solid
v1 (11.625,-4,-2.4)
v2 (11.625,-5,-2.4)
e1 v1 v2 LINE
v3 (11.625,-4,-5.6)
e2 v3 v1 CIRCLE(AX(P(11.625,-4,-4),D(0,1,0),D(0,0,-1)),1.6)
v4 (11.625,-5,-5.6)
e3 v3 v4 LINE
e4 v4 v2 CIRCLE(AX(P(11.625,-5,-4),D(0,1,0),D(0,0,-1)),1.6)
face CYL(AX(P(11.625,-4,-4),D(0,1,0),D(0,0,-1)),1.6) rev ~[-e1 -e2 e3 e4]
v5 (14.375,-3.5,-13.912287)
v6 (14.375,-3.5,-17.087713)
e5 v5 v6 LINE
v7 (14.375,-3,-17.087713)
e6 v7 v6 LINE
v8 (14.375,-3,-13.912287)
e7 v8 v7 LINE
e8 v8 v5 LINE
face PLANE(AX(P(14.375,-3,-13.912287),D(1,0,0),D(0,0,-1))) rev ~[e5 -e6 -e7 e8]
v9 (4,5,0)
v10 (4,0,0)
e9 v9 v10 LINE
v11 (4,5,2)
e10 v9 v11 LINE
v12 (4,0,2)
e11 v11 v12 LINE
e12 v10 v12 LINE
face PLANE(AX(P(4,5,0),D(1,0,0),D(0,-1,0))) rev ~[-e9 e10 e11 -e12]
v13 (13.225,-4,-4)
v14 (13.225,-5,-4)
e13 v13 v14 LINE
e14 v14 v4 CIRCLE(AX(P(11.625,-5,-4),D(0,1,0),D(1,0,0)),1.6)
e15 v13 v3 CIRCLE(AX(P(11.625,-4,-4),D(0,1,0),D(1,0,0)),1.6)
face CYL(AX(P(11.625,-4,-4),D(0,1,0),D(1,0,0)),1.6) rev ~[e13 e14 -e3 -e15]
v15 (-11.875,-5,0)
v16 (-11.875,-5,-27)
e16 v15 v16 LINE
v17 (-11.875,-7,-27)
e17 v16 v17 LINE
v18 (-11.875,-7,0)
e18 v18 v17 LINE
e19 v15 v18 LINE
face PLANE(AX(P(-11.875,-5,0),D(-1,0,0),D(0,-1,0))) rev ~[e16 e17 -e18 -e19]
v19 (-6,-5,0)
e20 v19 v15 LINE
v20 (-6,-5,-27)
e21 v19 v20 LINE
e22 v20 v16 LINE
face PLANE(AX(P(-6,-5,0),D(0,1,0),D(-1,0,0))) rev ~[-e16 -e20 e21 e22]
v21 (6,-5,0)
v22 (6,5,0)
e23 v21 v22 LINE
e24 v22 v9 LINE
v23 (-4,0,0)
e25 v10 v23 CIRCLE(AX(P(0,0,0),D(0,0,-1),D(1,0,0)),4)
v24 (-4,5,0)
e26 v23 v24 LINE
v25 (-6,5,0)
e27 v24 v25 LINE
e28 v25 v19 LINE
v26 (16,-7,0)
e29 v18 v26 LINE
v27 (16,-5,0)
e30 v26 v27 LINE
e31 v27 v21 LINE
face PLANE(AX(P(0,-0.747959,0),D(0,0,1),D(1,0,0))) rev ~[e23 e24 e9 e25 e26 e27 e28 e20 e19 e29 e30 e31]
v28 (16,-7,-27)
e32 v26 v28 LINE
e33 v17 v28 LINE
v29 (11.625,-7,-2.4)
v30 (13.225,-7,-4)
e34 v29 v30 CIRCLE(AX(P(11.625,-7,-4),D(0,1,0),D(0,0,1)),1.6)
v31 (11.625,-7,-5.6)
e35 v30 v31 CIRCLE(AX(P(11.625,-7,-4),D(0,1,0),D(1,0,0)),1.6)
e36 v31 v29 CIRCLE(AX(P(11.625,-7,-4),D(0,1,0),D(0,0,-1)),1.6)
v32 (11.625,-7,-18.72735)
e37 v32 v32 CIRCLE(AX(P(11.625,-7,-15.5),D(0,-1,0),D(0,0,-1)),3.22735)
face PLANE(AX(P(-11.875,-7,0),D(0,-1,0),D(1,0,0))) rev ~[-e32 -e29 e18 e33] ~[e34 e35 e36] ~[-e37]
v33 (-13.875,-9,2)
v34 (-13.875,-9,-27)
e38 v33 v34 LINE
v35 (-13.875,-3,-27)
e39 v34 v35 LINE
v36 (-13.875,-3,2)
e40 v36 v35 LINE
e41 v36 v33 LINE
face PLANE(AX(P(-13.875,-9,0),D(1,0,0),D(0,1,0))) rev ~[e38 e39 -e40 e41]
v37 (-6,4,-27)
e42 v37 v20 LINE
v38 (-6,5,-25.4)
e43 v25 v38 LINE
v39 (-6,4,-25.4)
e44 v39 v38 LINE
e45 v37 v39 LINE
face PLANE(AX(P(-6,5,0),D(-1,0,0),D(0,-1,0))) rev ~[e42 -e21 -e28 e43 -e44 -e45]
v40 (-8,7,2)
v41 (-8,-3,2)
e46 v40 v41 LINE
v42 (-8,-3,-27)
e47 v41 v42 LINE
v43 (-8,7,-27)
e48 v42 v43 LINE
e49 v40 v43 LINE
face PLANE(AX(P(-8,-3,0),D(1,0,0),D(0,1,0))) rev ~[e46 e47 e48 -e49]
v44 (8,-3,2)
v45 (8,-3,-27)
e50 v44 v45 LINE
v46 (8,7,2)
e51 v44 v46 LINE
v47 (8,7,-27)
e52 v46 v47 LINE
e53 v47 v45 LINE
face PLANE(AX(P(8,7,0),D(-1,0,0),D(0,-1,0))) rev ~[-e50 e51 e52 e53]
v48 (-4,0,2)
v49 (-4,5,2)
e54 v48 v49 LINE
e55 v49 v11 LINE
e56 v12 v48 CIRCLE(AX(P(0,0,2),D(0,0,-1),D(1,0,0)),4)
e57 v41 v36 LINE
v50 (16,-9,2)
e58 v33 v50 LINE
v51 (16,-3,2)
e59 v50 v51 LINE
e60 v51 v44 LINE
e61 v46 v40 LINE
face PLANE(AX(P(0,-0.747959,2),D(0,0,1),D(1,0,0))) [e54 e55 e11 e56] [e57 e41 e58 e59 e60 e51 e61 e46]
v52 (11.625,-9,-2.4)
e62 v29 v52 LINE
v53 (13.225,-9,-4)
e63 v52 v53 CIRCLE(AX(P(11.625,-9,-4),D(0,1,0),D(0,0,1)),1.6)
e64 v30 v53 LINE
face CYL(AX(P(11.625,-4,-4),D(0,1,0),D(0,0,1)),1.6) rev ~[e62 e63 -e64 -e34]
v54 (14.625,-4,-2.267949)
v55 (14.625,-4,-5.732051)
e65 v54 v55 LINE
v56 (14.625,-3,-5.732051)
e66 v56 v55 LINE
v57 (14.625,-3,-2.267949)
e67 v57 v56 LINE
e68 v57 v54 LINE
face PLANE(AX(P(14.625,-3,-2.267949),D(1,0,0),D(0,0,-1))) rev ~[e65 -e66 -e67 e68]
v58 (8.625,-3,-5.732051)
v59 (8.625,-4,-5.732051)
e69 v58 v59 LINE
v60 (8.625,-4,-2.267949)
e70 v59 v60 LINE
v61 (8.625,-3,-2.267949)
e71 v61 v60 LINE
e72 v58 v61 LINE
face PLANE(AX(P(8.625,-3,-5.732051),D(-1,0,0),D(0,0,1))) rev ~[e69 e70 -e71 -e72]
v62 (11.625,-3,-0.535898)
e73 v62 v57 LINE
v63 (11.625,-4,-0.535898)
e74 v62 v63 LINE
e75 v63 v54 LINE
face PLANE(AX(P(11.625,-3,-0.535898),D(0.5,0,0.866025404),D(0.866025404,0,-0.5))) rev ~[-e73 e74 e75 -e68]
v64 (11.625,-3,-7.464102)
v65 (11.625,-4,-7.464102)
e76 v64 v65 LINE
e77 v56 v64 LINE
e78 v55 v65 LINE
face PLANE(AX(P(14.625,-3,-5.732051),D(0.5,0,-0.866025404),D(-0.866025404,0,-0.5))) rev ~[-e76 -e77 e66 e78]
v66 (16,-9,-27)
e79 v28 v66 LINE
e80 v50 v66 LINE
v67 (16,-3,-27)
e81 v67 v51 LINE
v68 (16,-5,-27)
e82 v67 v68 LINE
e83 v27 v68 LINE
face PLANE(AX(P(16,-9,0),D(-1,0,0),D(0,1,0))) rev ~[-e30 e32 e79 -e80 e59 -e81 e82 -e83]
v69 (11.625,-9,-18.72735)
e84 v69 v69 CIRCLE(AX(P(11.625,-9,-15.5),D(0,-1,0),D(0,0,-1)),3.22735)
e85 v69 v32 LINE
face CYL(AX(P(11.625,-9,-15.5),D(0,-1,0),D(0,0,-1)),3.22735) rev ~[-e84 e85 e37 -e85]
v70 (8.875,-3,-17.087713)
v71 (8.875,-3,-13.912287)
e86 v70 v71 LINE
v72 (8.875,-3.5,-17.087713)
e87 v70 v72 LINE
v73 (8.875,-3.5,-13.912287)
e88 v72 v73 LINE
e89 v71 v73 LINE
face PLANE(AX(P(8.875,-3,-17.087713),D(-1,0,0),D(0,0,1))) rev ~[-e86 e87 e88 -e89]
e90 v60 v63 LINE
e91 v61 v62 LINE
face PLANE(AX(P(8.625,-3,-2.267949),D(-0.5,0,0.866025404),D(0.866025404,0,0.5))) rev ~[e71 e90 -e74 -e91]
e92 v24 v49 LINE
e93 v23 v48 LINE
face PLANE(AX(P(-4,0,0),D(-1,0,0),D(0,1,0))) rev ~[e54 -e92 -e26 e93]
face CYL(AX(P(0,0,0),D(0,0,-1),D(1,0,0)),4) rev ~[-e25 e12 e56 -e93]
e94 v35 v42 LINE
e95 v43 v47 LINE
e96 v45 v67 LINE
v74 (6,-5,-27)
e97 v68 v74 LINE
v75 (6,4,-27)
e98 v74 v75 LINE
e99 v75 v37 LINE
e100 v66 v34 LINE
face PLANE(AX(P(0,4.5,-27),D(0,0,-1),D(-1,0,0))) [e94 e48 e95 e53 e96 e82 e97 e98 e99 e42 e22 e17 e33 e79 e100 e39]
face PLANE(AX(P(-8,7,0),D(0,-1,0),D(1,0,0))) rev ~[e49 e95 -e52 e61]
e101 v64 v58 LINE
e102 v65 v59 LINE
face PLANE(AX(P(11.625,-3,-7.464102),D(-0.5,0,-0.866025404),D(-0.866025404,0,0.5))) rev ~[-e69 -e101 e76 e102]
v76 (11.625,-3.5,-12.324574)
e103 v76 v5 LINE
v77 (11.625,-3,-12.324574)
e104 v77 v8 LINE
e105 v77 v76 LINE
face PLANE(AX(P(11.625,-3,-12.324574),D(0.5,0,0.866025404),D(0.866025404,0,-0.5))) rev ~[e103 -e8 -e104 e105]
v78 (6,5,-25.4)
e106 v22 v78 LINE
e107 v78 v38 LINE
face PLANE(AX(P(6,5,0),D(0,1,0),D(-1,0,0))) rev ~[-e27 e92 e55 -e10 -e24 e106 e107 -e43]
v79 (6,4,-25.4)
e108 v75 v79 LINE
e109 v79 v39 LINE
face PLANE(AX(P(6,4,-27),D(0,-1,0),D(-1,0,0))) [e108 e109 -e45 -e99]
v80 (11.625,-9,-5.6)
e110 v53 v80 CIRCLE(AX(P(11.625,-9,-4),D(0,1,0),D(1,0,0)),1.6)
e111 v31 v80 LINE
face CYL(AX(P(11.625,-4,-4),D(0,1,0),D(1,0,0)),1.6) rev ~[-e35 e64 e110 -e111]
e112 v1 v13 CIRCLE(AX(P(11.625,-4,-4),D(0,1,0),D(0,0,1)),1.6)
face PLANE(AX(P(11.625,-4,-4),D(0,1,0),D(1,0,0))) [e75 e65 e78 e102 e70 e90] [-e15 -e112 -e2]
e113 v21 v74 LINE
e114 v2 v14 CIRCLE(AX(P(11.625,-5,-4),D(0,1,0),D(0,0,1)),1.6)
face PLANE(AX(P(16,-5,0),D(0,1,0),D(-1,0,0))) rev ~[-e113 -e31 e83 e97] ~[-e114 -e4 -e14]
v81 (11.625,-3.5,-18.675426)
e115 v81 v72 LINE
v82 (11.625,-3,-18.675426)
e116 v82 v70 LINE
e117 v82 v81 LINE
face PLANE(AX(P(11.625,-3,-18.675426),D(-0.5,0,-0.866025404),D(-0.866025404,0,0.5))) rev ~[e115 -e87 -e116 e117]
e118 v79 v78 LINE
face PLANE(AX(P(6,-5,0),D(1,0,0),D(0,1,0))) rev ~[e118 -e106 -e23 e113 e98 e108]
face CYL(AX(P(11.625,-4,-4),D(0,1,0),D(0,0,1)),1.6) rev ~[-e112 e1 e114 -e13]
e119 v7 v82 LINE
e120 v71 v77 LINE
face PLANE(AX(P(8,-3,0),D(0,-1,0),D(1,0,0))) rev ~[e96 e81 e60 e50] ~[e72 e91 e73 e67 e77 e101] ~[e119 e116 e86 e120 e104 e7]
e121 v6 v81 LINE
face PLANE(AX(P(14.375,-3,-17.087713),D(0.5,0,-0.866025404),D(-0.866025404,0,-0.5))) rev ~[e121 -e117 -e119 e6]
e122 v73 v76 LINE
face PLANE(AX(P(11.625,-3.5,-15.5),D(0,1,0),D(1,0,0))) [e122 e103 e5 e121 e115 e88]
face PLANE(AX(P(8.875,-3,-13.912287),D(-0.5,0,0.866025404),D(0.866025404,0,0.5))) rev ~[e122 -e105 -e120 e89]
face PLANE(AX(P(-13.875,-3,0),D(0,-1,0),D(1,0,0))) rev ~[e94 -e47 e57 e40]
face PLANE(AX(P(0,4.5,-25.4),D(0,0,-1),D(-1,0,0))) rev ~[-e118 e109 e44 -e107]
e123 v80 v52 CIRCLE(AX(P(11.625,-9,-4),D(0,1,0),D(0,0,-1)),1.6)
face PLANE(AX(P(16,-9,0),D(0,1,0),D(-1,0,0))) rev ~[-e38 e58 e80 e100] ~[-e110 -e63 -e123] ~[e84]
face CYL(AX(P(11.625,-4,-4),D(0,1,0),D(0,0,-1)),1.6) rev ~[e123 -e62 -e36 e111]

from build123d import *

# Parameters (mm, degrees)
EXTRUDE_1_DEPTH     = 2
EXTRUDE_2_DEPTH     = 27
SKETCH_4_R          = 3.227350269
CUT_EXTRUDE_1_DEPTH = 2
CUT_EXTRUDE_2_DEPTH = 0.5
CUT_EXTRUDE_3_DEPTH = 1
CUT_EXTRUDE_4_DEPTH = 34.256578297
SKETCH_8_W          = 12
SKETCH_8_H          = 1
EXTRUDE_3_DEPTH     = 1.6


with BuildPart() as part:
    # 草图1 → 凸台-拉伸1 (new body)
    with BuildSketch(Plane.XY):
        with BuildLine():
            Line((-5.5, -5), (5.5, -5))
            ThreePointArc((5.5, -5), (5.853553391, -4.853553391), (6, -4.5))
            Line((6, -4.5), (6, 4.5))
            ThreePointArc((6, 4.5), (5.853553391, 4.853553391), (5.5, 5))
            Line((5.5, 5), (4, 5))
            Line((4, 5), (4, 0))
            ThreePointArc((4, 0), (0, -4), (-4, 0))
            Line((-4, 0), (-4, 5))
            Line((-4, 5), (-5.5, 5))
            ThreePointArc((-5.5, 5), (-5.853553391, 4.853553391), (-6, 4.5))
            Line((-6, 4.5), (-6, -4.5))
            ThreePointArc((-6, -4.5), (-5.853553391, -4.853553391), (-5.5, -5))
        make_face()
        with BuildLine():
            Line((-8, -3), (-13.875, -3))
            Line((-13.875, -3), (-13.875, -9))
            Line((-13.875, -9), (16, -9))
            Line((16, -9), (16, -7))
            Line((16, -7), (-11.875, -7))
            Line((-11.875, -7), (-11.875, -5))
            Line((-11.875, -5), (-8, -5))
            Line((-8, -5), (-5.5, -5))
            ThreePointArc((-5.5, -5), (-5.853553391, -4.853553391), (-6, -4.5))
            Line((-6, -4.5), (-6, 4.5))
            ThreePointArc((-6, 4.5), (-5.853553391, 4.853553391), (-5.5, 5))
            Line((-5.5, 5), (-4, 5))
            Line((-4, 5), (4, 5))
            Line((4, 5), (5.5, 5))
            ThreePointArc((5.5, 5), (5.853553391, 4.853553391), (6, 4.5))
            Line((6, 4.5), (6, -4.5))
            ThreePointArc((6, -4.5), (5.853553391, -4.853553391), (5.5, -5))
            Line((5.5, -5), (8, -5))
            Line((8, -5), (16, -5))
            Line((16, -5), (16, -3))
            Line((16, -3), (8, -3))
            Line((8, -3), (8, 7))
            Line((8, 7), (-8, 7))
            Line((-8, 7), (-8, -3))
        make_face()
        Polygon((-11.875, -7), (16, -7), (16, -5), (8, -5), (5.5, -5), (-5.5, -5), (-8, -5), (-11.875, -5), align=None)
    extrude(amount=EXTRUDE_1_DEPTH)

    # 草图2 → 凸台-拉伸2 (add)
    with BuildSketch(Plane(origin=(0, 0, 0), x_dir=(-1, 0, 0), z_dir=(0, 0, -1))):
        Polygon((-6, 4.5), (-6, 5), (-5.5, 5), (5.5, 5), (6, 5), (6, 4.5), (6, -4.5), (6, -5), (11.875, -5), (11.875, -7), (-16, -7), (-16, -9), (13.875, -9), (13.875, -3), (8, -3), (8, 7), (-8, 7), (-8, -3), (-16, -3), (-16, -5), (-6, -5), (-6, -4.5), align=None)
    extrude(amount=EXTRUDE_2_DEPTH)

    # 草图4 → 切除-拉伸1 (cut)
    with BuildSketch(Plane.XZ.offset(9)):
        with Locations(Location((11.625, -15.5, 0), (0, 0, 270))):
            Circle(SKETCH_4_R)
    extrude(amount=-CUT_EXTRUDE_1_DEPTH, mode=Mode.SUBTRACT)

    # 草图5 → 切除-拉伸2 (cut)
    with BuildSketch(Plane(origin=(0, -3, 0), x_dir=(1, 0, 0), z_dir=(0, 1, 0))):
        Polygon((11.625, 18.675426481), (8.875, 17.08771324), (8.875, 13.91228676), (11.625, 12.324573519), (14.375, 13.91228676), (14.375, 17.08771324), align=None)
    extrude(amount=-CUT_EXTRUDE_2_DEPTH, mode=Mode.SUBTRACT)

    # 草图6 → 切除-拉伸3 (cut)
    with BuildSketch(Plane(origin=(0, -3, 0), x_dir=(1, 0, 0), z_dir=(0, 1, 0))):
        Polygon((8.625, 2.267949192), (11.625, 0.535898385), (14.625, 2.267949192), (14.625, 5.732050808), (11.625, 7.464101615), (8.625, 5.732050808), align=None)
    extrude(amount=-CUT_EXTRUDE_3_DEPTH, mode=Mode.SUBTRACT)

    # 草图7 → 切除-拉伸4 (cut, through all)
    with BuildSketch(Plane(origin=(0, -4, 0), x_dir=(1, 0, 0), z_dir=(0, 1, 0))):
        with BuildLine():
            ThreePointArc((13.225, 4), (12.75637085, 5.13137085), (11.625, 5.6))
            Line((11.625, 5.6), (11.625, 2.4))
            ThreePointArc((11.625, 2.4), (12.75637085, 2.86862915), (13.225, 4))
        make_face()
        with BuildLine():
            Line((11.625, 2.4), (11.625, 5.6))
            ThreePointArc((11.625, 5.6), (10.025, 4), (11.625, 2.4))
        make_face()
    extrude(amount=-CUT_EXTRUDE_4_DEPTH, mode=Mode.SUBTRACT)

    # 草图8 → 凸台-拉伸3 (add)
    with BuildSketch(Plane(origin=(0, 0, -27), x_dir=(-1, 0, 0), z_dir=(0, 0, -1))):
        with Locations((0, 4.5)):
            Rectangle(SKETCH_8_W, SKETCH_8_H)
    extrude(amount=-EXTRUDE_3_DEPTH)


solid = part.part
